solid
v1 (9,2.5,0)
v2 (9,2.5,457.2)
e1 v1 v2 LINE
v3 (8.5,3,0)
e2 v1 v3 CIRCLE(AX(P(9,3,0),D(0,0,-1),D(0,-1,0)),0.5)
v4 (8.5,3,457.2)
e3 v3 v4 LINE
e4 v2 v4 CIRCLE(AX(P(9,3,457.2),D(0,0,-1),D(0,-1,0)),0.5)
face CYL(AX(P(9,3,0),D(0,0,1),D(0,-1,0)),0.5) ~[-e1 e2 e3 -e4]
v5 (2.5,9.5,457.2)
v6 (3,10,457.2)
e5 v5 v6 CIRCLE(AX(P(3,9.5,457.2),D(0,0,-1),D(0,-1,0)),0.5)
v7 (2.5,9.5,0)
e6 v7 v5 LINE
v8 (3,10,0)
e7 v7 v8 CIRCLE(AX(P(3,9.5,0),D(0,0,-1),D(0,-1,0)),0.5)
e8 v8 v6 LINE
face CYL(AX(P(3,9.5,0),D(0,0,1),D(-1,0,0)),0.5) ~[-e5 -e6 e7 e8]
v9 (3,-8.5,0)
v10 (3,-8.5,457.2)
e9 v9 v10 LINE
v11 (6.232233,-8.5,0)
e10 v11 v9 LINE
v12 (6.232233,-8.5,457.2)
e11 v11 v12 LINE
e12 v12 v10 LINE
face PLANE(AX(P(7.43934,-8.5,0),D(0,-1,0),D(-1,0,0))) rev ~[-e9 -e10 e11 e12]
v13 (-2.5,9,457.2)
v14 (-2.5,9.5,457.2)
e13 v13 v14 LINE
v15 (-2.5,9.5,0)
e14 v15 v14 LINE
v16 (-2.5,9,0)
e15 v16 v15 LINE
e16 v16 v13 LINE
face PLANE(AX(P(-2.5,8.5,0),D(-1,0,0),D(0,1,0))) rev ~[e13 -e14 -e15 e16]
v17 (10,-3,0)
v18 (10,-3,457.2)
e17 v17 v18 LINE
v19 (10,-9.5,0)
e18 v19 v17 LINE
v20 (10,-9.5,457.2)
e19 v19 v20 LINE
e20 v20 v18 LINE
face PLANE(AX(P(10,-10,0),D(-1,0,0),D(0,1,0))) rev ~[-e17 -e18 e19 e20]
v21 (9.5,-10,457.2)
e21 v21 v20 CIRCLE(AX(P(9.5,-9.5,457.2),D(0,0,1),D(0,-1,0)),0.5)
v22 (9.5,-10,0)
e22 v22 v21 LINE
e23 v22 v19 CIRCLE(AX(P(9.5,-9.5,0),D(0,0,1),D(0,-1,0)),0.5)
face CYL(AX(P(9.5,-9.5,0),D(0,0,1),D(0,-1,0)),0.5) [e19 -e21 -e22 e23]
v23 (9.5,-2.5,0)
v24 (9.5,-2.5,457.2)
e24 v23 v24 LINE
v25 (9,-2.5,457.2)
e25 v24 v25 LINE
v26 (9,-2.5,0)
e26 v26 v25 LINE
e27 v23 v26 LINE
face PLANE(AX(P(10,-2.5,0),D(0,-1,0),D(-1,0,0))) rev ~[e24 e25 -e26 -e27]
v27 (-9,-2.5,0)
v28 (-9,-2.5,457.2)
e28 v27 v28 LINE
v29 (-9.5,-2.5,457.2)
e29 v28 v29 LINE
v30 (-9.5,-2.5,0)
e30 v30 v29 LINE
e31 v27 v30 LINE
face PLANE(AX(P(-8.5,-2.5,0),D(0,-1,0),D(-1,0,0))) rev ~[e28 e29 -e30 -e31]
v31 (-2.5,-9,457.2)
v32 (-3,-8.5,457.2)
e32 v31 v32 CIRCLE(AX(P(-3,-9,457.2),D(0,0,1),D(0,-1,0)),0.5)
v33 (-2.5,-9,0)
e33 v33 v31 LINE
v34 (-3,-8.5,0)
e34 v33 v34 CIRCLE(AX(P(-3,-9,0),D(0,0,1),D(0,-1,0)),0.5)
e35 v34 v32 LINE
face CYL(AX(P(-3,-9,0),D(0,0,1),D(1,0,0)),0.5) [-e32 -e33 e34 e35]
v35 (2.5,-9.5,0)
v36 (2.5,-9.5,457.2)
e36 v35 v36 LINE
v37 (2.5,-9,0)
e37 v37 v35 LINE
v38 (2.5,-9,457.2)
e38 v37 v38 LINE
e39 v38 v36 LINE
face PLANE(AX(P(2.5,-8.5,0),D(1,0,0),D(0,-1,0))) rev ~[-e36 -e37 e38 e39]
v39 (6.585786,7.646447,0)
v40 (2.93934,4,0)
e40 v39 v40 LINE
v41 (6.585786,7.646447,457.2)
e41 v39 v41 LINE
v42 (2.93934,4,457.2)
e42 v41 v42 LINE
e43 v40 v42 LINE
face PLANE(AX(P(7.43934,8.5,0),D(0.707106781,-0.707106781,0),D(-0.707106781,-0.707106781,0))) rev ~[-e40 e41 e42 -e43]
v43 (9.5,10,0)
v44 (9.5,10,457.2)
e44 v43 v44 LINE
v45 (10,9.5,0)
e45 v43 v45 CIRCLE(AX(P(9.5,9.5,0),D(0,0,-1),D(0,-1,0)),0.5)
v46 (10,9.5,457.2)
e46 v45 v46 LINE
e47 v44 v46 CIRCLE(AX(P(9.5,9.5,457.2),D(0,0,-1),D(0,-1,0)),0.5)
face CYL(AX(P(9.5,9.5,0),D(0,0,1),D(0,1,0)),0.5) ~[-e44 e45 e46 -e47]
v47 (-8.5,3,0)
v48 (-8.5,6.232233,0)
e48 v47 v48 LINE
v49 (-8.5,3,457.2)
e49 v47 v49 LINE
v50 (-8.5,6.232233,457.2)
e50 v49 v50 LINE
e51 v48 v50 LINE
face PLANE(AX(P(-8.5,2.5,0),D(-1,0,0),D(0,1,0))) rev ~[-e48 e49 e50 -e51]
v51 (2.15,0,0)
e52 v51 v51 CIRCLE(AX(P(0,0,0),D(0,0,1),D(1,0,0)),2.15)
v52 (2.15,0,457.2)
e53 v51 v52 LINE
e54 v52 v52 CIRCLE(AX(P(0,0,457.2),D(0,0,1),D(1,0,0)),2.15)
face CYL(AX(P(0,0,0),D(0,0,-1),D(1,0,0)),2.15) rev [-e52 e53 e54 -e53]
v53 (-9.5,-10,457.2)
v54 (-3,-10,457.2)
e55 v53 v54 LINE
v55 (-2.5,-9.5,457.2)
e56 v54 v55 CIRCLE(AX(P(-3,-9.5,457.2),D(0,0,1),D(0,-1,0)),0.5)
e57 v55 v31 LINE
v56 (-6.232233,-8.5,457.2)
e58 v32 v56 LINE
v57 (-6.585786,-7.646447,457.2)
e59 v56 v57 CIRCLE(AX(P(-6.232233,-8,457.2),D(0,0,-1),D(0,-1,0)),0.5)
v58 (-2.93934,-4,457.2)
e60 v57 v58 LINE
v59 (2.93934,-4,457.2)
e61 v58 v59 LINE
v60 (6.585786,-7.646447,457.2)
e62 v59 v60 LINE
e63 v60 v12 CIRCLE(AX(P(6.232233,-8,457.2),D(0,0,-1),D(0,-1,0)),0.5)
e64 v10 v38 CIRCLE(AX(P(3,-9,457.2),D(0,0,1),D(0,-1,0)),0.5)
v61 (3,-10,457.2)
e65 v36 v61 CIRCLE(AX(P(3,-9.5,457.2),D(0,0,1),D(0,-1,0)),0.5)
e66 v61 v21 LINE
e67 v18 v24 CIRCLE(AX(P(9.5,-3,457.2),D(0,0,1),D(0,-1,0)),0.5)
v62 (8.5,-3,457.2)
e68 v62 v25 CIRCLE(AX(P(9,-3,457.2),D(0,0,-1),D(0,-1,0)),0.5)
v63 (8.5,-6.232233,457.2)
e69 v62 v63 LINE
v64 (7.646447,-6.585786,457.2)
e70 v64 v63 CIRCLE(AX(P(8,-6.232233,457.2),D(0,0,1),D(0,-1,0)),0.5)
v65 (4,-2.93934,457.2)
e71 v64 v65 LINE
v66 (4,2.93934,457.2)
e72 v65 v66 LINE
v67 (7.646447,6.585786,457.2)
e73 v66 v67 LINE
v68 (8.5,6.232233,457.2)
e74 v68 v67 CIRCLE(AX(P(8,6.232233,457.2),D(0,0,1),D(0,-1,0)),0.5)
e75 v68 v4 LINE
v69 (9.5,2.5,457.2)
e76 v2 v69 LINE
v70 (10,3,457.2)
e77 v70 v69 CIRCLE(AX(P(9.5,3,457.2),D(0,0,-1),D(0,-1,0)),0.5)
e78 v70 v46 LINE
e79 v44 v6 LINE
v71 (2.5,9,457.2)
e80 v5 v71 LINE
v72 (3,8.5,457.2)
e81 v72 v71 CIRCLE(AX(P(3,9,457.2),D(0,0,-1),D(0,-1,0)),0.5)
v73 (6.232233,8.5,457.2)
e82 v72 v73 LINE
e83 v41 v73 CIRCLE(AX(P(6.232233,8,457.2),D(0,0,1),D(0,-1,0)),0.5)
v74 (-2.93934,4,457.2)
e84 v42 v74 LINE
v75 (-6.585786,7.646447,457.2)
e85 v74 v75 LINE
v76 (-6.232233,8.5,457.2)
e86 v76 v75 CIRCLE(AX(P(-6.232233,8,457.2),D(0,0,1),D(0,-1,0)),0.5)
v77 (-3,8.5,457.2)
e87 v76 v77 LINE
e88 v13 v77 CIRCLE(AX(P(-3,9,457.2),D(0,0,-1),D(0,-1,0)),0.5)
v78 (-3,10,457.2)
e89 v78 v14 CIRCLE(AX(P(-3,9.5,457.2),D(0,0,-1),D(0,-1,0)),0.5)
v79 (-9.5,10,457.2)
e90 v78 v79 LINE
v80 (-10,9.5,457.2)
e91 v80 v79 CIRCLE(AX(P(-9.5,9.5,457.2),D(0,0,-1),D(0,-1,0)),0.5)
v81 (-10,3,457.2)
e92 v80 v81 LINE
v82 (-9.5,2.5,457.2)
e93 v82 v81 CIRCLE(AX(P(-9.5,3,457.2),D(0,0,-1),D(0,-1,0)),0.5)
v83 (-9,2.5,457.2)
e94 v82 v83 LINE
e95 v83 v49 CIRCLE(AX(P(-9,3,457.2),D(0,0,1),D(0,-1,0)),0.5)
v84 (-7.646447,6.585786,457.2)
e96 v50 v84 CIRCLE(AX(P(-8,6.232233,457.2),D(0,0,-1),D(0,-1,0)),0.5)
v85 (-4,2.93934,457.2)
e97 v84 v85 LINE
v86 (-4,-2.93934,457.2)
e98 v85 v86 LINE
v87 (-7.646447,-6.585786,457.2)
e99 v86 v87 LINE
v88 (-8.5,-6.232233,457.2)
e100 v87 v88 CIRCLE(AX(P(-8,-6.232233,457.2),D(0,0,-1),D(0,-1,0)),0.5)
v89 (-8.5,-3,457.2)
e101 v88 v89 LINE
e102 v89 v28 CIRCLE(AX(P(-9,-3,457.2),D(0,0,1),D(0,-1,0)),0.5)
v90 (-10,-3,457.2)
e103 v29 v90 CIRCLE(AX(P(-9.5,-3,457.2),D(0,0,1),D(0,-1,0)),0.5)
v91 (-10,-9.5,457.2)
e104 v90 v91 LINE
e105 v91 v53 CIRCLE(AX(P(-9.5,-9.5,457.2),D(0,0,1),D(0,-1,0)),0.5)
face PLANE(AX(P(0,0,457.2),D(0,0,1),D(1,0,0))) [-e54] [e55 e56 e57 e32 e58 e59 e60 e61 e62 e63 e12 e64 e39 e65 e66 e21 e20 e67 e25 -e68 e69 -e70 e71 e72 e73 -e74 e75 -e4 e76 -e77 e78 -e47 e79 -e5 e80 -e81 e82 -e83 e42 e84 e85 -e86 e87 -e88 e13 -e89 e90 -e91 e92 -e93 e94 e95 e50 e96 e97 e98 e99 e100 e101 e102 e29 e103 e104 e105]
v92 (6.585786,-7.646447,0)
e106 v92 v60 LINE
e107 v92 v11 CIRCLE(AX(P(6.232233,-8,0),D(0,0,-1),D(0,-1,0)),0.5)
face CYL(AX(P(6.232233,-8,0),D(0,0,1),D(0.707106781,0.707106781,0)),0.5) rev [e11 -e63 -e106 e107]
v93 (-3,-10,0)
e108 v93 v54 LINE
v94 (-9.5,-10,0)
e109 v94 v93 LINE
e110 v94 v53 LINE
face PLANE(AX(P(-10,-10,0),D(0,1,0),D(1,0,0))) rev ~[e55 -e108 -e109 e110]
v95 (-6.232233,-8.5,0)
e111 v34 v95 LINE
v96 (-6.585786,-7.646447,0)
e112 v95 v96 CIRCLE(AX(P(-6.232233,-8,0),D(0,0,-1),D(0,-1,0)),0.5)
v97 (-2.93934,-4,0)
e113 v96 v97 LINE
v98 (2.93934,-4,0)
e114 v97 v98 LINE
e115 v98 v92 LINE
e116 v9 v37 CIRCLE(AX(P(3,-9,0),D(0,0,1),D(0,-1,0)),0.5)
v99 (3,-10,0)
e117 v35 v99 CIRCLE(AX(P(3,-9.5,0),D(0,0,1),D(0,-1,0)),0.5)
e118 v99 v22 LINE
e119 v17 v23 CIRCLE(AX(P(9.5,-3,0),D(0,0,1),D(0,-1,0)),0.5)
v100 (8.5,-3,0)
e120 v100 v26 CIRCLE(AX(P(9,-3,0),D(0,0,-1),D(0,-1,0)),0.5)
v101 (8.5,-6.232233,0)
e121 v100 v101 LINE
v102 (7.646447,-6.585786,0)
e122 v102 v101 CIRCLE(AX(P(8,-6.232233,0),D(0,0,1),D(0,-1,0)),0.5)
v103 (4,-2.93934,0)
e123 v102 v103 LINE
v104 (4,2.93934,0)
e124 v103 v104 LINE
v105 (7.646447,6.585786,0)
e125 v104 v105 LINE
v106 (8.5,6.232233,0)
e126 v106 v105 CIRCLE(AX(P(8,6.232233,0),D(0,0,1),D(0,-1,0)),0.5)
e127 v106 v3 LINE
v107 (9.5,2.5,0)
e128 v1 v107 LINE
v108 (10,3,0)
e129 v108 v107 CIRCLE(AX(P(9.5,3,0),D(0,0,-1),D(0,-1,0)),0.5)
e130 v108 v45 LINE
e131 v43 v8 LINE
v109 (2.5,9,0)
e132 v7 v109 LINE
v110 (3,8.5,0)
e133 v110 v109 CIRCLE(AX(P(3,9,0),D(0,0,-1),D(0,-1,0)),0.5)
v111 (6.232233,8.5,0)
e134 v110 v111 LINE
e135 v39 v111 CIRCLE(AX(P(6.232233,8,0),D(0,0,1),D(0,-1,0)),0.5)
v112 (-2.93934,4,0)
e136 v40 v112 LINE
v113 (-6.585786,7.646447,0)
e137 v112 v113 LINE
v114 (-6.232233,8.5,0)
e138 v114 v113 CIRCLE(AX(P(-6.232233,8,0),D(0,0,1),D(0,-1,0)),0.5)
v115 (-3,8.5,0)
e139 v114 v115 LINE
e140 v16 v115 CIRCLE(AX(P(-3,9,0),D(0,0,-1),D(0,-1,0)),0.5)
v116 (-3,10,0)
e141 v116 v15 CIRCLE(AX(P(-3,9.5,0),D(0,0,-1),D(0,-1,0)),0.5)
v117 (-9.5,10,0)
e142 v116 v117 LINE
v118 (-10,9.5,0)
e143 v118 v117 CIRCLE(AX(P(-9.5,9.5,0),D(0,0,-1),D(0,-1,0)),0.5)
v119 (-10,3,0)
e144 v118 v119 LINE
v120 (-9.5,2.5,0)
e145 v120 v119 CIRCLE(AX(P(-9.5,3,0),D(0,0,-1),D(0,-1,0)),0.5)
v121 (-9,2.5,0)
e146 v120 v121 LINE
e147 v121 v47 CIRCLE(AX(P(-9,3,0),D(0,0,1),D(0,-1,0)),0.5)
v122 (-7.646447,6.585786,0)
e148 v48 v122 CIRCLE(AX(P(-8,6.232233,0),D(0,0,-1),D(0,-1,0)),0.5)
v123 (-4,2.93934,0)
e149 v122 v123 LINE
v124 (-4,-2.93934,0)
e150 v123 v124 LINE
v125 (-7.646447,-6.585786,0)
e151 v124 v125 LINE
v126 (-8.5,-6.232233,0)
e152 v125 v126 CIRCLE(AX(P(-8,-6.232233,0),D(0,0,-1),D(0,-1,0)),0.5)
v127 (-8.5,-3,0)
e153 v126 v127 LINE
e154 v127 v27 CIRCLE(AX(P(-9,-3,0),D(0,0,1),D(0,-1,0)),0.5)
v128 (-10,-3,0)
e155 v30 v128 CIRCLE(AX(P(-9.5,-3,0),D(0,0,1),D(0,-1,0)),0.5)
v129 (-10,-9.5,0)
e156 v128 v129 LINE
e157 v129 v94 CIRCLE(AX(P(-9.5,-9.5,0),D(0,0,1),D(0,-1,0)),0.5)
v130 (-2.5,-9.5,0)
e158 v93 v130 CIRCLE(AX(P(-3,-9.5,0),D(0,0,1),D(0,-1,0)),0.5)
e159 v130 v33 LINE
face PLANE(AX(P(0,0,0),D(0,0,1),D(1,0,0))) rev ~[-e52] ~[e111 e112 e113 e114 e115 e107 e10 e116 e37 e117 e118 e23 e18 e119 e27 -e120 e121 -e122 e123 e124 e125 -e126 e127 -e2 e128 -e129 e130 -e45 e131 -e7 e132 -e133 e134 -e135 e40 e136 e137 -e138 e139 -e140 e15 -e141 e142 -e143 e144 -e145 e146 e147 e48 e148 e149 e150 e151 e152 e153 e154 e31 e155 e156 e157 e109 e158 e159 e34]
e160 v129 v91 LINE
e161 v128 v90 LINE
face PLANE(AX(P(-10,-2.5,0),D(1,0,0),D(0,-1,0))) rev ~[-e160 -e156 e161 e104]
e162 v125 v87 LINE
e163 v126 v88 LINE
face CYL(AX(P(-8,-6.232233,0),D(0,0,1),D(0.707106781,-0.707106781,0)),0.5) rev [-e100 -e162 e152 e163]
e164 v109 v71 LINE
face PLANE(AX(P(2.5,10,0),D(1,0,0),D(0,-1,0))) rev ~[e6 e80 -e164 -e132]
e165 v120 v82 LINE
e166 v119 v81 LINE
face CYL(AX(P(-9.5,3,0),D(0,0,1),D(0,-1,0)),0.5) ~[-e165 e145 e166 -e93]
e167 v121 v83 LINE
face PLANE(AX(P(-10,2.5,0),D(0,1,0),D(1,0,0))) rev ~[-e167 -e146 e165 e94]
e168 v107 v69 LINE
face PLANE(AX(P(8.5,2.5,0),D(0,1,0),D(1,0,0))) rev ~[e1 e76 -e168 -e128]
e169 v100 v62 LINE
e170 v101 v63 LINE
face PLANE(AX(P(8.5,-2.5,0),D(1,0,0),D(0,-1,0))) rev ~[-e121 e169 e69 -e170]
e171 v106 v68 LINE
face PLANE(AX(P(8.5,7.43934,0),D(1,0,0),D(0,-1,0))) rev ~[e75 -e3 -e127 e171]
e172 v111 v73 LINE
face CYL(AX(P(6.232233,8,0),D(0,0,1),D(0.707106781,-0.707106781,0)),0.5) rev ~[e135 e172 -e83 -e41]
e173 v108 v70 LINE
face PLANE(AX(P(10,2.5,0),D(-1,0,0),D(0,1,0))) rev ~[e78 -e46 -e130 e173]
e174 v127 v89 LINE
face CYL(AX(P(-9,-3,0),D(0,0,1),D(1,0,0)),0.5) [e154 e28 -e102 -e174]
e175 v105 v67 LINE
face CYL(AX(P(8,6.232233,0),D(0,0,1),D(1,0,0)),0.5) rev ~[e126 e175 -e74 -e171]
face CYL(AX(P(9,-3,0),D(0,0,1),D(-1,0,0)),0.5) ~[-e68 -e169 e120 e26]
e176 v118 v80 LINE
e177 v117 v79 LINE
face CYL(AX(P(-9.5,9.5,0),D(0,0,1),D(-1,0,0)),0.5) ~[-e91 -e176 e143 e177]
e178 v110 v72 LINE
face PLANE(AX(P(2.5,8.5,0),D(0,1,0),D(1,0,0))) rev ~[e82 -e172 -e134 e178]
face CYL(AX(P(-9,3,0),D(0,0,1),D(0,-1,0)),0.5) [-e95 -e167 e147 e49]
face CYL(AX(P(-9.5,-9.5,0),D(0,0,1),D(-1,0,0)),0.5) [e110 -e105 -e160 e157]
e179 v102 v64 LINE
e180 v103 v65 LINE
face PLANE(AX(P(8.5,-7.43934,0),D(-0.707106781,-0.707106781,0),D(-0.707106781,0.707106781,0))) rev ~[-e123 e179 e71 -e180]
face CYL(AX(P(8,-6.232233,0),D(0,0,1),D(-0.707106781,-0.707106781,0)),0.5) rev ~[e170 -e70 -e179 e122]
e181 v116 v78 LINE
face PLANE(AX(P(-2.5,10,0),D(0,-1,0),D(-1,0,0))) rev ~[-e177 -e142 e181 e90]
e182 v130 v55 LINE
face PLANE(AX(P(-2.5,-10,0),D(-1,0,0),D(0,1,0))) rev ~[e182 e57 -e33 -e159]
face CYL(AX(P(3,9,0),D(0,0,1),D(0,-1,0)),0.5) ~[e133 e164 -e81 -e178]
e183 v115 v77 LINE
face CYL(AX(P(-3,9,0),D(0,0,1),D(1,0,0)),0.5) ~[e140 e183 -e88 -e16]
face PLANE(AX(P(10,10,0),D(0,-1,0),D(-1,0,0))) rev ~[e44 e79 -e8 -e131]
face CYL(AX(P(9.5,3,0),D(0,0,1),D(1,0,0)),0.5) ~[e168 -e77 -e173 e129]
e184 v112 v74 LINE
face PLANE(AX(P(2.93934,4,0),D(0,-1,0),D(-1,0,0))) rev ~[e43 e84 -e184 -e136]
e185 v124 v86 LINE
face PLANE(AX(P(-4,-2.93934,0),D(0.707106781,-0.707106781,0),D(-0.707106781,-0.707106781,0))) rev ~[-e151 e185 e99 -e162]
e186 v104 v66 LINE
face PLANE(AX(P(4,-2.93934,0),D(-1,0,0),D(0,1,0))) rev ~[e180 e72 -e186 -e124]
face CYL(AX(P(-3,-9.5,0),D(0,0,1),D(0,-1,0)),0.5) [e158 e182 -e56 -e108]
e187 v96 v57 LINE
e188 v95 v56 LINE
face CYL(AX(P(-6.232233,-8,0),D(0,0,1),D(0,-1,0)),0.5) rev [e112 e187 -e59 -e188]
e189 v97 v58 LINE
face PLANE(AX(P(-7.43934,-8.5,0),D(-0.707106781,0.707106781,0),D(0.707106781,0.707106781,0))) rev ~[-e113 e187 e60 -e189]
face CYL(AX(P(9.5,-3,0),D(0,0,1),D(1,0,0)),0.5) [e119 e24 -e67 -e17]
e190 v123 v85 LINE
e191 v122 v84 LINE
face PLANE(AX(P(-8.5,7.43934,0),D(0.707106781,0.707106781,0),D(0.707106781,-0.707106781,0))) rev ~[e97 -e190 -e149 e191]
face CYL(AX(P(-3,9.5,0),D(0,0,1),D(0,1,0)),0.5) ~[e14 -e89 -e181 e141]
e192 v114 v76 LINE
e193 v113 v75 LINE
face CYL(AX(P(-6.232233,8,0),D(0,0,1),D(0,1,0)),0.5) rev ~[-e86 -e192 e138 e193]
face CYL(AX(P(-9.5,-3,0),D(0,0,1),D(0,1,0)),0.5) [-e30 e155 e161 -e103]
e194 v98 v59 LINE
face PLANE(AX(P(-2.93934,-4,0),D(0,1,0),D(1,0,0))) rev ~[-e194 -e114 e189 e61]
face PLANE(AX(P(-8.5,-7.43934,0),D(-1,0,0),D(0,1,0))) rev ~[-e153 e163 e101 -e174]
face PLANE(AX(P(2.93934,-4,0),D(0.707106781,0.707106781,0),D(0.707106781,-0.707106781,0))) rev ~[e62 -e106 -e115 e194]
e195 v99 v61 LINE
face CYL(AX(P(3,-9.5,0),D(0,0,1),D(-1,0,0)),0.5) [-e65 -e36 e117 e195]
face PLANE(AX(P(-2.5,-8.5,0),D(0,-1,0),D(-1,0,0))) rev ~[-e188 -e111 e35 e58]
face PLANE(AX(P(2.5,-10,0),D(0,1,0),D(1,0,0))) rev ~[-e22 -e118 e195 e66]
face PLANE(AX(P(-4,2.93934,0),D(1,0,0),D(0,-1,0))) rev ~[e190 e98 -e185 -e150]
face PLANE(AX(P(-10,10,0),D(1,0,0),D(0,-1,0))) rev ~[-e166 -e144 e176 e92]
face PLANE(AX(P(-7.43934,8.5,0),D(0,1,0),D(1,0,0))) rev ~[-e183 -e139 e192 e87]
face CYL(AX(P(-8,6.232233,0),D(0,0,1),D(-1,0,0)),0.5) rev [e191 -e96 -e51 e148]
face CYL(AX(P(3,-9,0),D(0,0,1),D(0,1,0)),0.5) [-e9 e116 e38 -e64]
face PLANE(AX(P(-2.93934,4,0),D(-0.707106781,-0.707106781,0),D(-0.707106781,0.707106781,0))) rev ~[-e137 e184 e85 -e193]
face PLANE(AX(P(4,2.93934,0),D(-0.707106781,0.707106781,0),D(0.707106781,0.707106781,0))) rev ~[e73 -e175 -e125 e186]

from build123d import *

# Parameters (mm, degrees)
SKETCH1_R           = 2.15
BOSS_EXTRUDE1_DEPTH = 457.2
FILLET1_R           = 0.5


with BuildPart() as part:
    # Sketch1 → Boss-Extrude1 (new body)
    with BuildSketch(Plane.XY):
        Polygon((-10, 2.5), (-8.5, 2.5), (-8.5, 7.439339828), (-4, 2.939339828), (-4, 0), (-4, -2.939339828), (-8.5, -7.439339828), (-8.5, -2.5), (-10, -2.5), (-10, -10), (-2.5, -10), (-2.5, -8.5), (-7.439339828, -8.5), (-2.939339828, -4), (0, -4), (2.939339828, -4), (7.439339828, -8.5), (2.5, -8.5), (2.5, -10), (10, -10), (10, -2.5), (8.5, -2.5), (8.5, -7.439339828), (4, -2.939339828), (4, 0), (4, 2.939339828), (8.5, 7.439339828), (8.5, 2.5), (10, 2.5), (10, 10), (2.5, 10), (2.5, 8.5), (7.439339828, 8.5), (2.939339828, 4), (0, 4), (-2.939339828, 4), (-7.439339828, 8.5), (-2.5, 8.5), (-2.5, 10), (-10, 10), align=None)
        Circle(SKETCH1_R, mode=Mode.SUBTRACT)
    extrude(amount=BOSS_EXTRUDE1_DEPTH)

    # Fillet1
    fillet1_edges = [part.edges().sort_by_distance(p)[0] for p in [
        (7.439339828, 8.5, 228.6),
        (2.5, 8.5, 228.6),
        (2.5, 10, 228.6),
        (10, 10, 228.6),
        (10, 2.5, 228.6),
        (8.5, 2.5, 228.6),
        (8.5, 7.439339828, 228.6),
        (8.5, -7.439339828, 228.6),
        (8.5, -2.5, 228.6),
        (10, -2.5, 228.6),
        (10, -10, 228.6),
        (2.5, -10, 228.6),
        (2.5, -8.5, 228.6),
        (7.439339828, -8.5, 228.6),
        (-7.439339828, -8.5, 228.6),
        (-2.5, -8.5, 228.6),
        (-2.5, -10, 228.6),
        (-10, -10, 228.6),
        (-10, -2.5, 228.6),
        (-8.5, -2.5, 228.6),
        (-8.5, -7.439339828, 228.6),
        (-8.5, 7.439339828, 228.6),
        (-8.5, 2.5, 228.6),
        (-10, 2.5, 228.6),
        (-10, 10, 228.6),
        (-2.5, 10, 228.6),
        (-2.5, 8.5, 228.6),
        (-7.439339828, 8.5, 228.6),
    ]]
    fillet(fillet1_edges, radius=FILLET1_R)


solid = part.part
